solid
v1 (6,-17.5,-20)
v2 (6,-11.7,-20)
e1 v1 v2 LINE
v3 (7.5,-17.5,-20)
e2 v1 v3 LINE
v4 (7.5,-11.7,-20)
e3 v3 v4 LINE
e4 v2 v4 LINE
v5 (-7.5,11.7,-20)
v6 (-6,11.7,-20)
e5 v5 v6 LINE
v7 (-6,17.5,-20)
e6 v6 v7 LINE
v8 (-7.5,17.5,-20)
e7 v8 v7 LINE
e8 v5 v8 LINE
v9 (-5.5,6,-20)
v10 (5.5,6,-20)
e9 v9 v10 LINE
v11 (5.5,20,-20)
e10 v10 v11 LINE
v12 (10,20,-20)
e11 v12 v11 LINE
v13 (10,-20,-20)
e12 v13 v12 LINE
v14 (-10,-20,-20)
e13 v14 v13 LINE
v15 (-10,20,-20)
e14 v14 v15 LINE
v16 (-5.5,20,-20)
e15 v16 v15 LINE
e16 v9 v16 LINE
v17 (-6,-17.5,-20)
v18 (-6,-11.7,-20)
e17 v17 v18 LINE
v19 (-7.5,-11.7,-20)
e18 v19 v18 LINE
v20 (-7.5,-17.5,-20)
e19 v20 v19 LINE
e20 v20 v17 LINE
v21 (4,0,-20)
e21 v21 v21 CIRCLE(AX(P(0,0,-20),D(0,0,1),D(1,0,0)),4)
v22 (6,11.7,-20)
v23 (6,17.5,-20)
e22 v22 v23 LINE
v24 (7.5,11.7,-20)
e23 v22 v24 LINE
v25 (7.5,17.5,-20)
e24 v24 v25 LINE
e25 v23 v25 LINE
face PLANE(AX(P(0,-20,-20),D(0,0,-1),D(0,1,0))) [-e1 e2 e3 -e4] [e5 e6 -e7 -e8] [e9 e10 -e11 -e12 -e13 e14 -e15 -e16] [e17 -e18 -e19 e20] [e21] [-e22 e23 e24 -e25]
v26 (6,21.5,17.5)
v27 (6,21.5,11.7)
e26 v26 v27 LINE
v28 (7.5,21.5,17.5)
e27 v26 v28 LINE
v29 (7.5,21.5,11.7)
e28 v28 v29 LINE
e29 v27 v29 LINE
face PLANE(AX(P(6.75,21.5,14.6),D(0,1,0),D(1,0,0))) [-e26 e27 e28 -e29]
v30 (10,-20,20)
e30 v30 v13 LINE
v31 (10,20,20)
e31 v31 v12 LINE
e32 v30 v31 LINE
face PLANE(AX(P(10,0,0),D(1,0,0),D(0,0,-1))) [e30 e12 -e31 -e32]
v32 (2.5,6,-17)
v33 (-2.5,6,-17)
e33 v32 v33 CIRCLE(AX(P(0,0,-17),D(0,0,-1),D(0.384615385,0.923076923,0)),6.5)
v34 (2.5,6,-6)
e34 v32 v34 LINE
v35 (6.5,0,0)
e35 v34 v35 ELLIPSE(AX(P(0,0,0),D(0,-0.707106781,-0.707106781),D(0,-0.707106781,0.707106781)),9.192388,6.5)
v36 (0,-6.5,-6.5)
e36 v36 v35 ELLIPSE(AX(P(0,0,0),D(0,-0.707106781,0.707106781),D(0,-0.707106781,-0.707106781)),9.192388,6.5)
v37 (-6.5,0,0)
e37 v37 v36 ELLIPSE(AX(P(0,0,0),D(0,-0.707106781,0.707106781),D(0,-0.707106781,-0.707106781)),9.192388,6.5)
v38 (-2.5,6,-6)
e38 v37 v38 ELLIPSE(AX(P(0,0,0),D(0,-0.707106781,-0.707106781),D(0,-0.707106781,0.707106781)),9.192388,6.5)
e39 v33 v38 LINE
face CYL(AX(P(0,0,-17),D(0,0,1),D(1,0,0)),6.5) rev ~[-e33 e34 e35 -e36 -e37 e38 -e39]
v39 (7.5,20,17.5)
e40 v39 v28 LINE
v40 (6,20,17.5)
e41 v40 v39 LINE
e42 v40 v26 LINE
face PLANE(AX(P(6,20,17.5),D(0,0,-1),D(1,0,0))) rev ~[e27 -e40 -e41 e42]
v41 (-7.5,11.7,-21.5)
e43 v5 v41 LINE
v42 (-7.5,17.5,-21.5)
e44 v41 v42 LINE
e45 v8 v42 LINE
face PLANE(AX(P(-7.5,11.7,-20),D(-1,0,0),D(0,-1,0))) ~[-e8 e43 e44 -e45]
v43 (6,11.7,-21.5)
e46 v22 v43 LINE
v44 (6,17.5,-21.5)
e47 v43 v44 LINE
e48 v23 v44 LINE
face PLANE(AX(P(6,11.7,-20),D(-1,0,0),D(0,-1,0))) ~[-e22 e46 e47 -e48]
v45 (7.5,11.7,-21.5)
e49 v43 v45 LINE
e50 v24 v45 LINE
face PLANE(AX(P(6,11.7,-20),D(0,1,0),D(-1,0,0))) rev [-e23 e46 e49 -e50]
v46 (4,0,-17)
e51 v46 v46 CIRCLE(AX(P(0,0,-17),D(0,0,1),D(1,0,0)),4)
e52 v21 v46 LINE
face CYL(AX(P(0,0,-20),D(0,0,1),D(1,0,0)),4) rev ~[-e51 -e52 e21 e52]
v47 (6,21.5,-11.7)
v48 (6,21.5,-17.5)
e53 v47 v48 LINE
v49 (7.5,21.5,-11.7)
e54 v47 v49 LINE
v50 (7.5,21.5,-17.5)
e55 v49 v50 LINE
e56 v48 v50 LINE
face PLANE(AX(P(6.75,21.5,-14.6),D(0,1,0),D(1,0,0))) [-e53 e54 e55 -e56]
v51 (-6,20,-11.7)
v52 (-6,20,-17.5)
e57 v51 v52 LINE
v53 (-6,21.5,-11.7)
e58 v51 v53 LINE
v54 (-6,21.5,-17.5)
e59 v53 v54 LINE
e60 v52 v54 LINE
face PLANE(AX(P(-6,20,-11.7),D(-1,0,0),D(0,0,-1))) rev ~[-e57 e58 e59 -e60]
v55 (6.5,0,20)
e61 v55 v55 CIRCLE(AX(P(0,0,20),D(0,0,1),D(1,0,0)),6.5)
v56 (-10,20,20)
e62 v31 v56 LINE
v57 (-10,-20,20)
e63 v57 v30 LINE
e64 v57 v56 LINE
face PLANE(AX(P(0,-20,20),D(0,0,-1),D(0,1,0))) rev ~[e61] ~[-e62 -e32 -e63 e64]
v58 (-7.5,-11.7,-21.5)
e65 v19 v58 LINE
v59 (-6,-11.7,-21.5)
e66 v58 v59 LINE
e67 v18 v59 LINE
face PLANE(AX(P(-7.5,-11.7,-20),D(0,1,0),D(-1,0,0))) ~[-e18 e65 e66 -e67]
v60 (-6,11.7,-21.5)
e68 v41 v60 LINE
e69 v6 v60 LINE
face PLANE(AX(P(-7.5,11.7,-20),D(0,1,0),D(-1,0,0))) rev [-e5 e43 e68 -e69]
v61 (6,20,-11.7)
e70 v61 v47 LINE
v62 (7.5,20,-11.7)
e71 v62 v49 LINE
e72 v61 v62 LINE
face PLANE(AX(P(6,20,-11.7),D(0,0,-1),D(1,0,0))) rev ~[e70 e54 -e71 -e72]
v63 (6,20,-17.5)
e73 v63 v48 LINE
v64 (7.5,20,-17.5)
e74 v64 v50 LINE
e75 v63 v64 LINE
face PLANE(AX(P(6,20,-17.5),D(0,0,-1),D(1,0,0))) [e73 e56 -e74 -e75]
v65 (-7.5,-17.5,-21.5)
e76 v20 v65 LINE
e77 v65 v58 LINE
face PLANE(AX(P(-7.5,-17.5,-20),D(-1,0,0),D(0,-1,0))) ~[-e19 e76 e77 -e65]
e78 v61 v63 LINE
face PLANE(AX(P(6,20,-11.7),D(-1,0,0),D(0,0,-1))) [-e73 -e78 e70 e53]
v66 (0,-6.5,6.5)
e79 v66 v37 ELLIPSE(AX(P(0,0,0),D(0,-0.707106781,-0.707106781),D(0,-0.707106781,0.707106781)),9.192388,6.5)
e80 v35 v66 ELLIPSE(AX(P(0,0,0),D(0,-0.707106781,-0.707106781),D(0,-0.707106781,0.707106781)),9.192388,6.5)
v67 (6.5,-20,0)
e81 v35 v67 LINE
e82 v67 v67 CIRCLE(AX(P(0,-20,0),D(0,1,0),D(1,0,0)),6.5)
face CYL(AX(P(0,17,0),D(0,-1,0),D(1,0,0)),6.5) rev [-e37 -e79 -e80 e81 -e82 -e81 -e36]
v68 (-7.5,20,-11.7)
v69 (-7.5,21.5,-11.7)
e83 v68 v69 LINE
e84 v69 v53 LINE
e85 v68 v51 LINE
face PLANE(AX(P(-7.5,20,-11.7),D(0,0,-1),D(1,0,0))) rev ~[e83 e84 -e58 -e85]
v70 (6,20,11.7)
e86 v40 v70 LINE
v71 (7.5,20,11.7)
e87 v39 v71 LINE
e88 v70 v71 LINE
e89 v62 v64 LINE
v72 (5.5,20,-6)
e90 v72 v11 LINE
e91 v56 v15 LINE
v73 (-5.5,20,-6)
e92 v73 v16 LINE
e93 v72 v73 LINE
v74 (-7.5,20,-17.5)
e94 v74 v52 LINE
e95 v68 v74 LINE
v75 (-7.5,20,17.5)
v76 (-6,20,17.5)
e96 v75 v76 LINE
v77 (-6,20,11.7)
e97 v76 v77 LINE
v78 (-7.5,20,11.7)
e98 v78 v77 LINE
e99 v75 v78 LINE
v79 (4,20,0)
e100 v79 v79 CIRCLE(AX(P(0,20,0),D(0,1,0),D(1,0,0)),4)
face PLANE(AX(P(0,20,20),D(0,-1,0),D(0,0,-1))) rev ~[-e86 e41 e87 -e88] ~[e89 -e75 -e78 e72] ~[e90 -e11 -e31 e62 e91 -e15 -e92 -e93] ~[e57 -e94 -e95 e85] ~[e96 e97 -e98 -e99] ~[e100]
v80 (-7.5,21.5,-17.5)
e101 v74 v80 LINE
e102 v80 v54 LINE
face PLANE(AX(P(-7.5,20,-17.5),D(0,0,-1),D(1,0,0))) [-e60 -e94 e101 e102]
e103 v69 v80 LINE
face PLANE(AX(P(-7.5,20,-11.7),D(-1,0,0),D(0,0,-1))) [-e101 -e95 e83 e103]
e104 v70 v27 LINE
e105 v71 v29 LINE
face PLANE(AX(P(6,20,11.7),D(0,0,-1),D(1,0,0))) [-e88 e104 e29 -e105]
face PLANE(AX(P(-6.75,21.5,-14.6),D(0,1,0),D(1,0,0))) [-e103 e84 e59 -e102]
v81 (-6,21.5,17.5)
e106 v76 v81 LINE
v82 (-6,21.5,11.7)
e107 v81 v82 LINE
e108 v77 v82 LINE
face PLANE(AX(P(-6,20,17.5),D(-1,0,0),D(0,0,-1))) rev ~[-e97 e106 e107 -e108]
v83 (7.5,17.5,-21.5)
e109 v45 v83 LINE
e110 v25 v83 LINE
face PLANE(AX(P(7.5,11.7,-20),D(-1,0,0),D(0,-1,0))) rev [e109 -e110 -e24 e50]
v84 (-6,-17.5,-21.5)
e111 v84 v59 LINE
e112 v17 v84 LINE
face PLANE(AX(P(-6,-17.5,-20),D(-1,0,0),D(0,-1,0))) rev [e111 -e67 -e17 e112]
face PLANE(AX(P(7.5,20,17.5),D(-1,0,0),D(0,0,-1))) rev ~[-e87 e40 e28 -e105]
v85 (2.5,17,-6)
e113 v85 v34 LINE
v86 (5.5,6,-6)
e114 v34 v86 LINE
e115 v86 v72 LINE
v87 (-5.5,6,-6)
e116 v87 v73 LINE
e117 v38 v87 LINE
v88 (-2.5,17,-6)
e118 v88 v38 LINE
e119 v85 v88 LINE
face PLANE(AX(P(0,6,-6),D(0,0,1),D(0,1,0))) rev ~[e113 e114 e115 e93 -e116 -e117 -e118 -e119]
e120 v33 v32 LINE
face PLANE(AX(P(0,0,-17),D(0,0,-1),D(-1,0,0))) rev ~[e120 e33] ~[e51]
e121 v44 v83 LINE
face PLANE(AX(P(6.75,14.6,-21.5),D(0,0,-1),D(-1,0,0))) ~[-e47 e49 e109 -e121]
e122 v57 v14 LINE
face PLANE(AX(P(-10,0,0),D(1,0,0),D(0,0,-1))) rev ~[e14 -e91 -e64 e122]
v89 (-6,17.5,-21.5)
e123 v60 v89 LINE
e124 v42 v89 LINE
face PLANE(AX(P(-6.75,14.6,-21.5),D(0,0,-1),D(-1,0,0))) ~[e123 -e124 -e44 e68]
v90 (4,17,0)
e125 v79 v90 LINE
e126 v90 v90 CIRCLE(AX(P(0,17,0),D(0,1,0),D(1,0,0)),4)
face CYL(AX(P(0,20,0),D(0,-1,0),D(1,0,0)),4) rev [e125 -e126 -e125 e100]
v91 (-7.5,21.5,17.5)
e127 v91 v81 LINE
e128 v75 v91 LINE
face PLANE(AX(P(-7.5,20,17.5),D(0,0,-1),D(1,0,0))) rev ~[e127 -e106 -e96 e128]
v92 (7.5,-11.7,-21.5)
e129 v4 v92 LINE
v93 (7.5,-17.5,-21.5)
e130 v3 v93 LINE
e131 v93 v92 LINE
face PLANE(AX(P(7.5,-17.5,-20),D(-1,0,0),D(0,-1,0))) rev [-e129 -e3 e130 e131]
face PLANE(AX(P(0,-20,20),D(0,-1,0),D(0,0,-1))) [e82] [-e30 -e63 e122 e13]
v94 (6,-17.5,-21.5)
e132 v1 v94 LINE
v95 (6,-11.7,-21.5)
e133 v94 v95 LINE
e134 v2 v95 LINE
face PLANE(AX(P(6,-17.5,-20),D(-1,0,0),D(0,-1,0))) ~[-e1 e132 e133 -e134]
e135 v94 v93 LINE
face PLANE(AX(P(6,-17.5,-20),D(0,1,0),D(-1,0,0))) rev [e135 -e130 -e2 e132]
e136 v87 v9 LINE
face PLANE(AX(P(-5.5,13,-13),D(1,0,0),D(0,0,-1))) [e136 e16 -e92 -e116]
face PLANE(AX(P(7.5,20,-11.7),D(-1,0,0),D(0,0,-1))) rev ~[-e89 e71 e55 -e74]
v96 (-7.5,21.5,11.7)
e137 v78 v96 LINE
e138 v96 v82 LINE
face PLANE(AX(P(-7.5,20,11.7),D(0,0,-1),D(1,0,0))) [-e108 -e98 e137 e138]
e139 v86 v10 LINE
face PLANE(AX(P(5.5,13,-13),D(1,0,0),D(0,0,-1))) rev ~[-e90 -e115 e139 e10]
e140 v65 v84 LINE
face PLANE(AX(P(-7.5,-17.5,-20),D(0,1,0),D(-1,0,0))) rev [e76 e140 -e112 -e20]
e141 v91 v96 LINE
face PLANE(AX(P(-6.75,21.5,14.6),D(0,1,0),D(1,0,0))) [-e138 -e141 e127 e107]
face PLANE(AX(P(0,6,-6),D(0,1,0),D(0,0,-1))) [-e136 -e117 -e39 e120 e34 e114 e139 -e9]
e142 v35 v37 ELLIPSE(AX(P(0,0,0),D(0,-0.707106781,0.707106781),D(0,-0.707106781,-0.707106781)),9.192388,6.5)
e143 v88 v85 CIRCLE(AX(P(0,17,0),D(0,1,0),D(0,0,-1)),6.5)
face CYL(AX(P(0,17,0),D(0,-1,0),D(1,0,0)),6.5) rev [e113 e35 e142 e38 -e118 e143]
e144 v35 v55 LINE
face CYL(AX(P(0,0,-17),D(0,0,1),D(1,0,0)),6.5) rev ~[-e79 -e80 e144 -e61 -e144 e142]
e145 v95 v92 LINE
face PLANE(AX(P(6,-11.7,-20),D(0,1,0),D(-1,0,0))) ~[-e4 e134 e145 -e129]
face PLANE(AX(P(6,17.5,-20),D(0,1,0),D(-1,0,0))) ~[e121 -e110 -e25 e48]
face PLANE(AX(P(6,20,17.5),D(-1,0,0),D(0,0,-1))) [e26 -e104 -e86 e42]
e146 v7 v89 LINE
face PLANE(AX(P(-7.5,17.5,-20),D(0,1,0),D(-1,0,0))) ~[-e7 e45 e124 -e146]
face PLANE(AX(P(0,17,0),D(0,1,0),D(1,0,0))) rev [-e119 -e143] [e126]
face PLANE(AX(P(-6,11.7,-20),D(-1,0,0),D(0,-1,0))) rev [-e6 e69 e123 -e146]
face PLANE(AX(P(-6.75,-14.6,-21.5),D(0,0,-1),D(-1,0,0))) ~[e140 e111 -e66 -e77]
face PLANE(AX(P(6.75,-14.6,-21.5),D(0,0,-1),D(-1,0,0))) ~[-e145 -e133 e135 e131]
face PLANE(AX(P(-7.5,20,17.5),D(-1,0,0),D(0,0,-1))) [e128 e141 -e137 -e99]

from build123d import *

# Parameters (mm, degrees)
SKETCH_2_W               = 40
SKETCH_2_H               = 40
EXTRUDE_2_DEPTH          = 10
SKETCH_4_W               = 1.5
SKETCH_4_H               = 5.8
EXTRUDE_3_DEPTH          = 1.5
SKETCH_5_W               = 14
SKETCH_5_H               = 14
CUT_EXTRUDE_1_DEPTH      = 5.5
CUT_EXTRUDE_1_DEPTH_BACK = 5.5


with BuildPart() as part:
    # Эскиз2 → Бобышка-Вытянуть2 (new body, symmetric)
    with BuildSketch(Plane(origin=(0, 0, 0), x_dir=(0, 0, -1), z_dir=(1, 0, 0))):
        Rectangle(SKETCH_2_W, SKETCH_2_H)
    extrude(amount=EXTRUDE_2_DEPTH, both=True)

    # Эскиз3 → Вырез-Повернуть1 (revolve, cut)
    with BuildSketch(Plane.XY, mode=Mode.PRIVATE) as cut_revolve_1_sk:
        Polygon((-4, 20), (-4, 17), (-6.5, 17), (-6.5, -20), (0, -20), (0, 20), align=None)
    cut_revolve_1 = revolve(cut_revolve_1_sk.sketch.rotate(Axis((0, -20, 0), (0, 1, 0)), 180), axis=Axis((0, -20, 0), (0, 1, 0)), mode=Mode.SUBTRACT)  # turned: the seam where the file's is

    # Эскиз4 → Бобышка-Вытянуть3 (add)
    with BuildSketch(Plane(origin=(0, 20, 0), x_dir=(1, 0, 0), z_dir=(0, 1, 0))):
        with Locations((-6.75, -14.6)):
            Rectangle(SKETCH_4_W, SKETCH_4_H)
        with Locations((-6.75, 14.6)):
            Rectangle(SKETCH_4_W, SKETCH_4_H)
        with Locations((6.75, 14.6)):
            Rectangle(SKETCH_4_W, SKETCH_4_H)
        with Locations((6.75, -14.6)):
            Rectangle(SKETCH_4_W, SKETCH_4_H)
    extrude_3 = extrude(amount=EXTRUDE_3_DEPTH)

    # Зеркальное отражение1: Вырез-Повернуть1, Бобышка-Вытянуть3 across plane
    add(cut_revolve_1.mirror(Plane(origin=(0, 0, 0), x_dir=(0, -0.707106781, 0.707106781), z_dir=(0, 0.707106781, 0.707106781))), mode=Mode.SUBTRACT)
    add(extrude_3.mirror(Plane(origin=(0, 0, 0), x_dir=(0, -0.707106781, 0.707106781), z_dir=(0, 0.707106781, 0.707106781))))

    # Эскиз5 → Вырез-Вытянуть1 (cut, two sides)
    with BuildSketch(Plane(origin=(0, 0, 0), x_dir=(0, 0, -1), z_dir=(1, 0, 0))) as cut_extrude_1_sk:
        with Locations((13, 13)):
            Rectangle(SKETCH_5_W, SKETCH_5_H)
    extrude(amount=CUT_EXTRUDE_1_DEPTH, mode=Mode.SUBTRACT)
    extrude(cut_extrude_1_sk.sketch, amount=-CUT_EXTRUDE_1_DEPTH_BACK, mode=Mode.SUBTRACT)


solid = part.part
